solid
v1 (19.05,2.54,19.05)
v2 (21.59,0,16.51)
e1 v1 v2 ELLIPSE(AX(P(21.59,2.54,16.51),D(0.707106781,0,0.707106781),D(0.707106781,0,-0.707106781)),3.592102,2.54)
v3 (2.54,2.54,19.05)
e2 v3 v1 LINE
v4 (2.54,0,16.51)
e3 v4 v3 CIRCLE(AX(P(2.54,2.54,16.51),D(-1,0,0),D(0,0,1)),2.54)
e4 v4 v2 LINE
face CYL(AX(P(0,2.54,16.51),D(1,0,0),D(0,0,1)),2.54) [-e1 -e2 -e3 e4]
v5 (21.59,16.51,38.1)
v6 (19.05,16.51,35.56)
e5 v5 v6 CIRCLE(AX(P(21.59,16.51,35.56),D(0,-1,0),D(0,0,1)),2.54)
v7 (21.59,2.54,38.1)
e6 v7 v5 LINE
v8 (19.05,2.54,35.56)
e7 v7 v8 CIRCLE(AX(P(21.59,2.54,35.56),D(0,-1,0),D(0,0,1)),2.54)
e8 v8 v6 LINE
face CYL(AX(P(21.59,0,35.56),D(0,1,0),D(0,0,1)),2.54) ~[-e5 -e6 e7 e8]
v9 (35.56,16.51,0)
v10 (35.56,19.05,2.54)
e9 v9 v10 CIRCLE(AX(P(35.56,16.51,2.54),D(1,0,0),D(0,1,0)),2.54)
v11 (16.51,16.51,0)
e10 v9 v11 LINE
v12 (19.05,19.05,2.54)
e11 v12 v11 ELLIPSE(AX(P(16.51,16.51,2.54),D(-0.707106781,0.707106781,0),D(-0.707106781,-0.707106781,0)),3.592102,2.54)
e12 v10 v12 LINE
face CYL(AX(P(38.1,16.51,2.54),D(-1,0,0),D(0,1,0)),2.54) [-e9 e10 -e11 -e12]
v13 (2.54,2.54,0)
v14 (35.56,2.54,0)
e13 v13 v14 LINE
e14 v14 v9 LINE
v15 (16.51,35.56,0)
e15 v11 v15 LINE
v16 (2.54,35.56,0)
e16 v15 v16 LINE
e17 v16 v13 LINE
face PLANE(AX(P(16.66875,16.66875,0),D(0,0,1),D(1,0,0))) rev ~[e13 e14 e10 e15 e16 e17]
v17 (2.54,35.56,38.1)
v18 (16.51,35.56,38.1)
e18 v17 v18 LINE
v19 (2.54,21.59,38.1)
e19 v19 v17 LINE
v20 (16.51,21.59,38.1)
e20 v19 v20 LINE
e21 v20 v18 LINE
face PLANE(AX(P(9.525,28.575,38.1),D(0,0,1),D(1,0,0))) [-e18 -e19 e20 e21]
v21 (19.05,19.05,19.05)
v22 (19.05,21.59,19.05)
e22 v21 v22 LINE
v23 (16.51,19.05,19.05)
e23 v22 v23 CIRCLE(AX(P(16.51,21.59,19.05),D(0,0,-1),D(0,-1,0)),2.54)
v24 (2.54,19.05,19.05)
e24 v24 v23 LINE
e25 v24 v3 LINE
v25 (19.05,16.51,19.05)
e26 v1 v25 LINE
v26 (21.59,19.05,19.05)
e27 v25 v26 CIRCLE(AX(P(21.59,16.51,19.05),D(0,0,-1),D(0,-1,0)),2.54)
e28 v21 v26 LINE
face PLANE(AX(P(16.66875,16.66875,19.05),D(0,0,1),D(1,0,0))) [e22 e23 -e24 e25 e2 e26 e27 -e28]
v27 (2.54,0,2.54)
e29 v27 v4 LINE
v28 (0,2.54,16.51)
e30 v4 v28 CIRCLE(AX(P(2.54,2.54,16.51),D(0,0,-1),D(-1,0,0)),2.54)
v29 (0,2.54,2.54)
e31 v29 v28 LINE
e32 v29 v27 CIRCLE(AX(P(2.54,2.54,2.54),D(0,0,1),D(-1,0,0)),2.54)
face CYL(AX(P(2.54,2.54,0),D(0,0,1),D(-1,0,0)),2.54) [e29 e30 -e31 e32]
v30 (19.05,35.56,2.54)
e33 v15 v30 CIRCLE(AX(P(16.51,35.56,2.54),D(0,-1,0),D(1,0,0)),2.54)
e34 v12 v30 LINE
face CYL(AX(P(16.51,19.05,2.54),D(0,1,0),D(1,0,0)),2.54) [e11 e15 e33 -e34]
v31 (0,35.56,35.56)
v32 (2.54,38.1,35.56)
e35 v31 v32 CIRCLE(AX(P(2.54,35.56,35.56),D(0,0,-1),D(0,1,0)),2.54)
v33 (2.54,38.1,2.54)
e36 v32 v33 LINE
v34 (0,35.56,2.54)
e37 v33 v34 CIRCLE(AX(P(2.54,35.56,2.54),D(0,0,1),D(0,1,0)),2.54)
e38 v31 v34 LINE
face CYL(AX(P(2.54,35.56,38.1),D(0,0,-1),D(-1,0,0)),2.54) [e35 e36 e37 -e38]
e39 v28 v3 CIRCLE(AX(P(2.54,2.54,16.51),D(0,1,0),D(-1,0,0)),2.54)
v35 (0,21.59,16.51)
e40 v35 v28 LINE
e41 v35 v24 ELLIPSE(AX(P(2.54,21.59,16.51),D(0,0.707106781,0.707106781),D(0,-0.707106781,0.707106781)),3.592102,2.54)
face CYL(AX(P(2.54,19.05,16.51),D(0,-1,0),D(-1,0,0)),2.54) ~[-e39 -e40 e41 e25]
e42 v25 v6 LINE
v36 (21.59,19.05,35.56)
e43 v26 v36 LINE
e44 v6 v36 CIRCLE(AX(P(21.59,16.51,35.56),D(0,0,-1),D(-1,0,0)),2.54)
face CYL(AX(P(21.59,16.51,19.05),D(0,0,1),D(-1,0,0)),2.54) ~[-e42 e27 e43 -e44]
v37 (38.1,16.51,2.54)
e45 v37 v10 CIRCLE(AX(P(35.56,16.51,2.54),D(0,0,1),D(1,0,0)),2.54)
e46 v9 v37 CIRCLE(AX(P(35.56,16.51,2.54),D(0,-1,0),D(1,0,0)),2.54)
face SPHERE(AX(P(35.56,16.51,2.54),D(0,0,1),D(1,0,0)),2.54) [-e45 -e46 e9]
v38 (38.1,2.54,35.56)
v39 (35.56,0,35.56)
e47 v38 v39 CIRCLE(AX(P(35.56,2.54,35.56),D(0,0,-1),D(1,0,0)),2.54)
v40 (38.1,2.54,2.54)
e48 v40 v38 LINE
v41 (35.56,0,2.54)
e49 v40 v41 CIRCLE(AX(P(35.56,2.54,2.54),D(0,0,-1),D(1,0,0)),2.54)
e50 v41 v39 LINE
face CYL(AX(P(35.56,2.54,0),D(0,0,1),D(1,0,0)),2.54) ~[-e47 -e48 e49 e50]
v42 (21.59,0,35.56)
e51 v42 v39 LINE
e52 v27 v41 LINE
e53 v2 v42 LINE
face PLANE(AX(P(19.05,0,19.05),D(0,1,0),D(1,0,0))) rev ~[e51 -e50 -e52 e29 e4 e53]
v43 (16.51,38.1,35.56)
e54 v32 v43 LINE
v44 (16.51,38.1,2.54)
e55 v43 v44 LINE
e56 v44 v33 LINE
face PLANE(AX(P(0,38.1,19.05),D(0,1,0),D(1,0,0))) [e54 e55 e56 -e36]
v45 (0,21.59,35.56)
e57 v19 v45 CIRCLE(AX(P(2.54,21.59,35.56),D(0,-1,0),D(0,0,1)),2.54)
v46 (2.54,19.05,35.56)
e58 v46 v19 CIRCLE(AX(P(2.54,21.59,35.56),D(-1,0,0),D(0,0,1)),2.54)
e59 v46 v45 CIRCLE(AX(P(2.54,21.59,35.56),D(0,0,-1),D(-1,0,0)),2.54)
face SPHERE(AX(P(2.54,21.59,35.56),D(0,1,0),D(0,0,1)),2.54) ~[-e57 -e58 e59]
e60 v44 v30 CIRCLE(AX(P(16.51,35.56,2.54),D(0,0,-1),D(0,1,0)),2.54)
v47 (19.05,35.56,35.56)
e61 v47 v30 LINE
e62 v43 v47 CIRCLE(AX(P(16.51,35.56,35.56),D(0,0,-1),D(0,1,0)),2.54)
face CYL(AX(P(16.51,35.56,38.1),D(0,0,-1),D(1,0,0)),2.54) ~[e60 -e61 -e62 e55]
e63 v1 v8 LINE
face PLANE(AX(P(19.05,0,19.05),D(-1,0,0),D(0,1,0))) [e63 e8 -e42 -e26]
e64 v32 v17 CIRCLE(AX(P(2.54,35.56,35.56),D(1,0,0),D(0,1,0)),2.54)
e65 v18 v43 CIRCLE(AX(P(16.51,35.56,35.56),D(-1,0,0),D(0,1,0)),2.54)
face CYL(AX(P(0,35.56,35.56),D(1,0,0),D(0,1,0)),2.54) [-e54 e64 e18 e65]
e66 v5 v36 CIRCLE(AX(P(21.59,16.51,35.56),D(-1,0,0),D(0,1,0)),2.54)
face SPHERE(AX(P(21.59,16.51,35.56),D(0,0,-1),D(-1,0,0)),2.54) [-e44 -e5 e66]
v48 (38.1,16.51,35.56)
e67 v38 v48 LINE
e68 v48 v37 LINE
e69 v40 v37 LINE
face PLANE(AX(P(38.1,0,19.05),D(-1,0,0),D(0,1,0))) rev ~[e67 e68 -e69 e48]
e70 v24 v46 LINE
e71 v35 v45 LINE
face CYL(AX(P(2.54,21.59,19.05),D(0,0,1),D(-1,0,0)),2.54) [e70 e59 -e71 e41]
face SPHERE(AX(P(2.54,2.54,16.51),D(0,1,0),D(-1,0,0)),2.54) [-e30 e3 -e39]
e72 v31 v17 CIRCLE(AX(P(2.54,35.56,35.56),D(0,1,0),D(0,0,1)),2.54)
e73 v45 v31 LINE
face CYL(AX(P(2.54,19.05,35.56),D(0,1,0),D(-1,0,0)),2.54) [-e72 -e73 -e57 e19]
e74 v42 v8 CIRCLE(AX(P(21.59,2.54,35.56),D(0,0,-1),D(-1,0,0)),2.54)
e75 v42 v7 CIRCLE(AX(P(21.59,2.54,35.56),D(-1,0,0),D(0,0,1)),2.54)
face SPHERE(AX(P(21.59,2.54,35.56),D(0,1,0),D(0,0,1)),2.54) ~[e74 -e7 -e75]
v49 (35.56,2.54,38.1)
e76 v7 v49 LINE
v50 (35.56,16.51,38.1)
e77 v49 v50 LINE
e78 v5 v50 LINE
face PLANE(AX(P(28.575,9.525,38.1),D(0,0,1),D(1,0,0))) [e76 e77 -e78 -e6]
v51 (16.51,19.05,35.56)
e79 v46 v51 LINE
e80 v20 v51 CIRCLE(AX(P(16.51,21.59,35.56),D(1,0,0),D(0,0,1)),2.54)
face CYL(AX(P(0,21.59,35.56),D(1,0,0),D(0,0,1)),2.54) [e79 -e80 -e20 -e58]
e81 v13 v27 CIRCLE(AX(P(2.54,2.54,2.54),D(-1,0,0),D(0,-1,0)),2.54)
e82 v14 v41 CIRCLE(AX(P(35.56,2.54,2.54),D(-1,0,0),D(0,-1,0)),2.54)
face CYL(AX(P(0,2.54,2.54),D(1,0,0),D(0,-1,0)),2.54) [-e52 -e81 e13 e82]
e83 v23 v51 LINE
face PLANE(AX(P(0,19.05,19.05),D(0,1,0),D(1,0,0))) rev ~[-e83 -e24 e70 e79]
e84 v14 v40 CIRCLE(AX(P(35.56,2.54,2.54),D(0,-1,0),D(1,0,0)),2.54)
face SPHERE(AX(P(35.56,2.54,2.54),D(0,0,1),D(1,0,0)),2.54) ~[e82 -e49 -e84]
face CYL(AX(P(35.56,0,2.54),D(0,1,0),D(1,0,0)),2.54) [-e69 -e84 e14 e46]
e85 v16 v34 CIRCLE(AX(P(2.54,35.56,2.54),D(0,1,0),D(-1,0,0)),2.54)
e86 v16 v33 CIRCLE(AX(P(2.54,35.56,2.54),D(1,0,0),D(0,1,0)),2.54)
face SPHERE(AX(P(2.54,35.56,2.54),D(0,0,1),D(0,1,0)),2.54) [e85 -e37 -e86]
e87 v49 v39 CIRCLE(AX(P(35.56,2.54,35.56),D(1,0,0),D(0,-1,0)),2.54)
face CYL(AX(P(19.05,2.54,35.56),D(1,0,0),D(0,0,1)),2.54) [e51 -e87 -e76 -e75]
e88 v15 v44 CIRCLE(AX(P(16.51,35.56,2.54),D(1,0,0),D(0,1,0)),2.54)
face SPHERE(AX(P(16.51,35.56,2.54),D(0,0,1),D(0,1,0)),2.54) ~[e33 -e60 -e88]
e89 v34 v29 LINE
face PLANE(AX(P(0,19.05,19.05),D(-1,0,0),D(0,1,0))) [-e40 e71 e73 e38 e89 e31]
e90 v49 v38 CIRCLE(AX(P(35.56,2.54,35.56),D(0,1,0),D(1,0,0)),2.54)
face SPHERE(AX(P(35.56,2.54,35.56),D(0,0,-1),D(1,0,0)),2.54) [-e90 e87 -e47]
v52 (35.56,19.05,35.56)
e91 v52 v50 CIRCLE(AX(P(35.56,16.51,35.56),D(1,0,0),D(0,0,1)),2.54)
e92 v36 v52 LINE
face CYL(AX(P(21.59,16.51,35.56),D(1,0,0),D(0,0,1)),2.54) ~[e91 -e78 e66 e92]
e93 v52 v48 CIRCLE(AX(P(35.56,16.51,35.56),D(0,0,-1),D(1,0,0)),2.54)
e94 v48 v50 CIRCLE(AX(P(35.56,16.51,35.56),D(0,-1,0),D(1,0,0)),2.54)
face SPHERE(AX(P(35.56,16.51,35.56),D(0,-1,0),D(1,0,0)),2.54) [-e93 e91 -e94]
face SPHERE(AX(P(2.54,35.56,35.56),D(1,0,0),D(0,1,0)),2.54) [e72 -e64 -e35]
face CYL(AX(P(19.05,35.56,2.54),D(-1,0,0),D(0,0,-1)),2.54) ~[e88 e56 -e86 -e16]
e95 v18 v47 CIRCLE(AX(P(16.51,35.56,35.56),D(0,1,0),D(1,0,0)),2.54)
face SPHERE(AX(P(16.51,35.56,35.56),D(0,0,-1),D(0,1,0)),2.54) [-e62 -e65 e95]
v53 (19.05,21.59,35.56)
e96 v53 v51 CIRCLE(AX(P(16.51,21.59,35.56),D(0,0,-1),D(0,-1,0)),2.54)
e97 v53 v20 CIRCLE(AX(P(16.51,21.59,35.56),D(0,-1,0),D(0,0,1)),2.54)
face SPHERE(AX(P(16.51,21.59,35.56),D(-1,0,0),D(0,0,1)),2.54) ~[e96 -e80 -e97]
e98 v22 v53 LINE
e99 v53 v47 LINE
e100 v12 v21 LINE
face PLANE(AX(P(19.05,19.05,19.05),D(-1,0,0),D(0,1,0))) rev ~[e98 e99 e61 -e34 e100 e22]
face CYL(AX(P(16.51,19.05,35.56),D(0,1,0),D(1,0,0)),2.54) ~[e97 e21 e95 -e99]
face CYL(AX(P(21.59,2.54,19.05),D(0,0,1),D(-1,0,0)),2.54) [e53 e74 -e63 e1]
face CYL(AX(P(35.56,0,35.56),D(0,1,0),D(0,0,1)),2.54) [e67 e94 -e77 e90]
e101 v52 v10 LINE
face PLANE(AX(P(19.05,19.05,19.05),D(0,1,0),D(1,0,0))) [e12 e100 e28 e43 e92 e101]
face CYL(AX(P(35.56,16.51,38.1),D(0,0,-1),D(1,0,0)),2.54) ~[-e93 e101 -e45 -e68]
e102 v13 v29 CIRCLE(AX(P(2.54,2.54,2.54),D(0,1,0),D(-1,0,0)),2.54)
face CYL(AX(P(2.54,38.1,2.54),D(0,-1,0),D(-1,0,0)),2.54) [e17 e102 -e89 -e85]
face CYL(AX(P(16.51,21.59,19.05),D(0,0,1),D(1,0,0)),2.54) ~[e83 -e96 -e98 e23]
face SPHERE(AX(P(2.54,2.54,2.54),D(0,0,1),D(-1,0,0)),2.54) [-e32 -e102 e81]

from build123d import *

# Parameters (mm, degrees)
F1_DEPTH = 19.05
F2_W     = 19.05
F2_H     = 19.05
F3_DEPTH = 19.05
F4_R     = 2.54
F5_DEPTH = 19.05
F6_R     = 2.54


with BuildPart() as f1:
    # F0 (on Top) → F1 (new body)
    with BuildSketch(Plane.XY):
        Polygon((0, 38.1), (0, 0), (38.1, 0), (38.1, 19.05), (19.05, 19.05), (19.05, 38.1), align=None)
    extrude(amount=F1_DEPTH)

    # F2 (on face) → F3 (join)
    with BuildSketch(Plane.XY.offset(19.05)):
        with Locations((28.575, 9.525)):
            Rectangle(F2_W, F2_H)
    extrude(amount=F3_DEPTH)

    # F4
    f4_edges = [f1.edges().sort_by_distance(p)[0] for p in [
        (19.05, 19.05, 28.575),
    ]]
    fillet(f4_edges, radius=F4_R)

    # F2 (on face) → F5 (join)
    with BuildSketch(Plane.XY.offset(19.05)):
        with Locations((9.525, 28.575)):
            Rectangle(F2_W, F2_H)
    extrude(amount=F5_DEPTH)

    # F6
    f6_edges = [f1.edges().sort_by_distance(p)[0] for p in [
        (38.1, 0, 19.05),
        (38.1, 9.525, 38.1),
        (38.1, 19.05, 19.05),
        (38.1, 9.525, 0),
        (19.05, 38.1, 19.05),
        (9.525, 38.1, 38.1),
        (0, 38.1, 19.05),
        (9.525, 38.1, 0),
        (0, 28.575, 38.1),
        (9.525, 19.05, 38.1),
        (19.05, 28.575, 38.1),
        (29.845, 19.05, 38.1),
        (19.793949, 18.306051, 38.1),
        (19.05, 8.255, 38.1),
        (28.575, 0, 38.1),
        (0, 19.05, 28.575),
        (0, 9.525, 19.05),
        (0, 0, 9.525),
        (0, 19.05, 0),
        (9.525, 0, 19.05),
        (19.05, 0, 28.575),
        (19.05, 0, 0),
        (28.575, 19.05, 0),
        (19.05, 28.575, 0),
        (19.05, 19.05, 28.575),
    ]]
    fillet(f6_edges, radius=F6_R)


solid = f1.part
